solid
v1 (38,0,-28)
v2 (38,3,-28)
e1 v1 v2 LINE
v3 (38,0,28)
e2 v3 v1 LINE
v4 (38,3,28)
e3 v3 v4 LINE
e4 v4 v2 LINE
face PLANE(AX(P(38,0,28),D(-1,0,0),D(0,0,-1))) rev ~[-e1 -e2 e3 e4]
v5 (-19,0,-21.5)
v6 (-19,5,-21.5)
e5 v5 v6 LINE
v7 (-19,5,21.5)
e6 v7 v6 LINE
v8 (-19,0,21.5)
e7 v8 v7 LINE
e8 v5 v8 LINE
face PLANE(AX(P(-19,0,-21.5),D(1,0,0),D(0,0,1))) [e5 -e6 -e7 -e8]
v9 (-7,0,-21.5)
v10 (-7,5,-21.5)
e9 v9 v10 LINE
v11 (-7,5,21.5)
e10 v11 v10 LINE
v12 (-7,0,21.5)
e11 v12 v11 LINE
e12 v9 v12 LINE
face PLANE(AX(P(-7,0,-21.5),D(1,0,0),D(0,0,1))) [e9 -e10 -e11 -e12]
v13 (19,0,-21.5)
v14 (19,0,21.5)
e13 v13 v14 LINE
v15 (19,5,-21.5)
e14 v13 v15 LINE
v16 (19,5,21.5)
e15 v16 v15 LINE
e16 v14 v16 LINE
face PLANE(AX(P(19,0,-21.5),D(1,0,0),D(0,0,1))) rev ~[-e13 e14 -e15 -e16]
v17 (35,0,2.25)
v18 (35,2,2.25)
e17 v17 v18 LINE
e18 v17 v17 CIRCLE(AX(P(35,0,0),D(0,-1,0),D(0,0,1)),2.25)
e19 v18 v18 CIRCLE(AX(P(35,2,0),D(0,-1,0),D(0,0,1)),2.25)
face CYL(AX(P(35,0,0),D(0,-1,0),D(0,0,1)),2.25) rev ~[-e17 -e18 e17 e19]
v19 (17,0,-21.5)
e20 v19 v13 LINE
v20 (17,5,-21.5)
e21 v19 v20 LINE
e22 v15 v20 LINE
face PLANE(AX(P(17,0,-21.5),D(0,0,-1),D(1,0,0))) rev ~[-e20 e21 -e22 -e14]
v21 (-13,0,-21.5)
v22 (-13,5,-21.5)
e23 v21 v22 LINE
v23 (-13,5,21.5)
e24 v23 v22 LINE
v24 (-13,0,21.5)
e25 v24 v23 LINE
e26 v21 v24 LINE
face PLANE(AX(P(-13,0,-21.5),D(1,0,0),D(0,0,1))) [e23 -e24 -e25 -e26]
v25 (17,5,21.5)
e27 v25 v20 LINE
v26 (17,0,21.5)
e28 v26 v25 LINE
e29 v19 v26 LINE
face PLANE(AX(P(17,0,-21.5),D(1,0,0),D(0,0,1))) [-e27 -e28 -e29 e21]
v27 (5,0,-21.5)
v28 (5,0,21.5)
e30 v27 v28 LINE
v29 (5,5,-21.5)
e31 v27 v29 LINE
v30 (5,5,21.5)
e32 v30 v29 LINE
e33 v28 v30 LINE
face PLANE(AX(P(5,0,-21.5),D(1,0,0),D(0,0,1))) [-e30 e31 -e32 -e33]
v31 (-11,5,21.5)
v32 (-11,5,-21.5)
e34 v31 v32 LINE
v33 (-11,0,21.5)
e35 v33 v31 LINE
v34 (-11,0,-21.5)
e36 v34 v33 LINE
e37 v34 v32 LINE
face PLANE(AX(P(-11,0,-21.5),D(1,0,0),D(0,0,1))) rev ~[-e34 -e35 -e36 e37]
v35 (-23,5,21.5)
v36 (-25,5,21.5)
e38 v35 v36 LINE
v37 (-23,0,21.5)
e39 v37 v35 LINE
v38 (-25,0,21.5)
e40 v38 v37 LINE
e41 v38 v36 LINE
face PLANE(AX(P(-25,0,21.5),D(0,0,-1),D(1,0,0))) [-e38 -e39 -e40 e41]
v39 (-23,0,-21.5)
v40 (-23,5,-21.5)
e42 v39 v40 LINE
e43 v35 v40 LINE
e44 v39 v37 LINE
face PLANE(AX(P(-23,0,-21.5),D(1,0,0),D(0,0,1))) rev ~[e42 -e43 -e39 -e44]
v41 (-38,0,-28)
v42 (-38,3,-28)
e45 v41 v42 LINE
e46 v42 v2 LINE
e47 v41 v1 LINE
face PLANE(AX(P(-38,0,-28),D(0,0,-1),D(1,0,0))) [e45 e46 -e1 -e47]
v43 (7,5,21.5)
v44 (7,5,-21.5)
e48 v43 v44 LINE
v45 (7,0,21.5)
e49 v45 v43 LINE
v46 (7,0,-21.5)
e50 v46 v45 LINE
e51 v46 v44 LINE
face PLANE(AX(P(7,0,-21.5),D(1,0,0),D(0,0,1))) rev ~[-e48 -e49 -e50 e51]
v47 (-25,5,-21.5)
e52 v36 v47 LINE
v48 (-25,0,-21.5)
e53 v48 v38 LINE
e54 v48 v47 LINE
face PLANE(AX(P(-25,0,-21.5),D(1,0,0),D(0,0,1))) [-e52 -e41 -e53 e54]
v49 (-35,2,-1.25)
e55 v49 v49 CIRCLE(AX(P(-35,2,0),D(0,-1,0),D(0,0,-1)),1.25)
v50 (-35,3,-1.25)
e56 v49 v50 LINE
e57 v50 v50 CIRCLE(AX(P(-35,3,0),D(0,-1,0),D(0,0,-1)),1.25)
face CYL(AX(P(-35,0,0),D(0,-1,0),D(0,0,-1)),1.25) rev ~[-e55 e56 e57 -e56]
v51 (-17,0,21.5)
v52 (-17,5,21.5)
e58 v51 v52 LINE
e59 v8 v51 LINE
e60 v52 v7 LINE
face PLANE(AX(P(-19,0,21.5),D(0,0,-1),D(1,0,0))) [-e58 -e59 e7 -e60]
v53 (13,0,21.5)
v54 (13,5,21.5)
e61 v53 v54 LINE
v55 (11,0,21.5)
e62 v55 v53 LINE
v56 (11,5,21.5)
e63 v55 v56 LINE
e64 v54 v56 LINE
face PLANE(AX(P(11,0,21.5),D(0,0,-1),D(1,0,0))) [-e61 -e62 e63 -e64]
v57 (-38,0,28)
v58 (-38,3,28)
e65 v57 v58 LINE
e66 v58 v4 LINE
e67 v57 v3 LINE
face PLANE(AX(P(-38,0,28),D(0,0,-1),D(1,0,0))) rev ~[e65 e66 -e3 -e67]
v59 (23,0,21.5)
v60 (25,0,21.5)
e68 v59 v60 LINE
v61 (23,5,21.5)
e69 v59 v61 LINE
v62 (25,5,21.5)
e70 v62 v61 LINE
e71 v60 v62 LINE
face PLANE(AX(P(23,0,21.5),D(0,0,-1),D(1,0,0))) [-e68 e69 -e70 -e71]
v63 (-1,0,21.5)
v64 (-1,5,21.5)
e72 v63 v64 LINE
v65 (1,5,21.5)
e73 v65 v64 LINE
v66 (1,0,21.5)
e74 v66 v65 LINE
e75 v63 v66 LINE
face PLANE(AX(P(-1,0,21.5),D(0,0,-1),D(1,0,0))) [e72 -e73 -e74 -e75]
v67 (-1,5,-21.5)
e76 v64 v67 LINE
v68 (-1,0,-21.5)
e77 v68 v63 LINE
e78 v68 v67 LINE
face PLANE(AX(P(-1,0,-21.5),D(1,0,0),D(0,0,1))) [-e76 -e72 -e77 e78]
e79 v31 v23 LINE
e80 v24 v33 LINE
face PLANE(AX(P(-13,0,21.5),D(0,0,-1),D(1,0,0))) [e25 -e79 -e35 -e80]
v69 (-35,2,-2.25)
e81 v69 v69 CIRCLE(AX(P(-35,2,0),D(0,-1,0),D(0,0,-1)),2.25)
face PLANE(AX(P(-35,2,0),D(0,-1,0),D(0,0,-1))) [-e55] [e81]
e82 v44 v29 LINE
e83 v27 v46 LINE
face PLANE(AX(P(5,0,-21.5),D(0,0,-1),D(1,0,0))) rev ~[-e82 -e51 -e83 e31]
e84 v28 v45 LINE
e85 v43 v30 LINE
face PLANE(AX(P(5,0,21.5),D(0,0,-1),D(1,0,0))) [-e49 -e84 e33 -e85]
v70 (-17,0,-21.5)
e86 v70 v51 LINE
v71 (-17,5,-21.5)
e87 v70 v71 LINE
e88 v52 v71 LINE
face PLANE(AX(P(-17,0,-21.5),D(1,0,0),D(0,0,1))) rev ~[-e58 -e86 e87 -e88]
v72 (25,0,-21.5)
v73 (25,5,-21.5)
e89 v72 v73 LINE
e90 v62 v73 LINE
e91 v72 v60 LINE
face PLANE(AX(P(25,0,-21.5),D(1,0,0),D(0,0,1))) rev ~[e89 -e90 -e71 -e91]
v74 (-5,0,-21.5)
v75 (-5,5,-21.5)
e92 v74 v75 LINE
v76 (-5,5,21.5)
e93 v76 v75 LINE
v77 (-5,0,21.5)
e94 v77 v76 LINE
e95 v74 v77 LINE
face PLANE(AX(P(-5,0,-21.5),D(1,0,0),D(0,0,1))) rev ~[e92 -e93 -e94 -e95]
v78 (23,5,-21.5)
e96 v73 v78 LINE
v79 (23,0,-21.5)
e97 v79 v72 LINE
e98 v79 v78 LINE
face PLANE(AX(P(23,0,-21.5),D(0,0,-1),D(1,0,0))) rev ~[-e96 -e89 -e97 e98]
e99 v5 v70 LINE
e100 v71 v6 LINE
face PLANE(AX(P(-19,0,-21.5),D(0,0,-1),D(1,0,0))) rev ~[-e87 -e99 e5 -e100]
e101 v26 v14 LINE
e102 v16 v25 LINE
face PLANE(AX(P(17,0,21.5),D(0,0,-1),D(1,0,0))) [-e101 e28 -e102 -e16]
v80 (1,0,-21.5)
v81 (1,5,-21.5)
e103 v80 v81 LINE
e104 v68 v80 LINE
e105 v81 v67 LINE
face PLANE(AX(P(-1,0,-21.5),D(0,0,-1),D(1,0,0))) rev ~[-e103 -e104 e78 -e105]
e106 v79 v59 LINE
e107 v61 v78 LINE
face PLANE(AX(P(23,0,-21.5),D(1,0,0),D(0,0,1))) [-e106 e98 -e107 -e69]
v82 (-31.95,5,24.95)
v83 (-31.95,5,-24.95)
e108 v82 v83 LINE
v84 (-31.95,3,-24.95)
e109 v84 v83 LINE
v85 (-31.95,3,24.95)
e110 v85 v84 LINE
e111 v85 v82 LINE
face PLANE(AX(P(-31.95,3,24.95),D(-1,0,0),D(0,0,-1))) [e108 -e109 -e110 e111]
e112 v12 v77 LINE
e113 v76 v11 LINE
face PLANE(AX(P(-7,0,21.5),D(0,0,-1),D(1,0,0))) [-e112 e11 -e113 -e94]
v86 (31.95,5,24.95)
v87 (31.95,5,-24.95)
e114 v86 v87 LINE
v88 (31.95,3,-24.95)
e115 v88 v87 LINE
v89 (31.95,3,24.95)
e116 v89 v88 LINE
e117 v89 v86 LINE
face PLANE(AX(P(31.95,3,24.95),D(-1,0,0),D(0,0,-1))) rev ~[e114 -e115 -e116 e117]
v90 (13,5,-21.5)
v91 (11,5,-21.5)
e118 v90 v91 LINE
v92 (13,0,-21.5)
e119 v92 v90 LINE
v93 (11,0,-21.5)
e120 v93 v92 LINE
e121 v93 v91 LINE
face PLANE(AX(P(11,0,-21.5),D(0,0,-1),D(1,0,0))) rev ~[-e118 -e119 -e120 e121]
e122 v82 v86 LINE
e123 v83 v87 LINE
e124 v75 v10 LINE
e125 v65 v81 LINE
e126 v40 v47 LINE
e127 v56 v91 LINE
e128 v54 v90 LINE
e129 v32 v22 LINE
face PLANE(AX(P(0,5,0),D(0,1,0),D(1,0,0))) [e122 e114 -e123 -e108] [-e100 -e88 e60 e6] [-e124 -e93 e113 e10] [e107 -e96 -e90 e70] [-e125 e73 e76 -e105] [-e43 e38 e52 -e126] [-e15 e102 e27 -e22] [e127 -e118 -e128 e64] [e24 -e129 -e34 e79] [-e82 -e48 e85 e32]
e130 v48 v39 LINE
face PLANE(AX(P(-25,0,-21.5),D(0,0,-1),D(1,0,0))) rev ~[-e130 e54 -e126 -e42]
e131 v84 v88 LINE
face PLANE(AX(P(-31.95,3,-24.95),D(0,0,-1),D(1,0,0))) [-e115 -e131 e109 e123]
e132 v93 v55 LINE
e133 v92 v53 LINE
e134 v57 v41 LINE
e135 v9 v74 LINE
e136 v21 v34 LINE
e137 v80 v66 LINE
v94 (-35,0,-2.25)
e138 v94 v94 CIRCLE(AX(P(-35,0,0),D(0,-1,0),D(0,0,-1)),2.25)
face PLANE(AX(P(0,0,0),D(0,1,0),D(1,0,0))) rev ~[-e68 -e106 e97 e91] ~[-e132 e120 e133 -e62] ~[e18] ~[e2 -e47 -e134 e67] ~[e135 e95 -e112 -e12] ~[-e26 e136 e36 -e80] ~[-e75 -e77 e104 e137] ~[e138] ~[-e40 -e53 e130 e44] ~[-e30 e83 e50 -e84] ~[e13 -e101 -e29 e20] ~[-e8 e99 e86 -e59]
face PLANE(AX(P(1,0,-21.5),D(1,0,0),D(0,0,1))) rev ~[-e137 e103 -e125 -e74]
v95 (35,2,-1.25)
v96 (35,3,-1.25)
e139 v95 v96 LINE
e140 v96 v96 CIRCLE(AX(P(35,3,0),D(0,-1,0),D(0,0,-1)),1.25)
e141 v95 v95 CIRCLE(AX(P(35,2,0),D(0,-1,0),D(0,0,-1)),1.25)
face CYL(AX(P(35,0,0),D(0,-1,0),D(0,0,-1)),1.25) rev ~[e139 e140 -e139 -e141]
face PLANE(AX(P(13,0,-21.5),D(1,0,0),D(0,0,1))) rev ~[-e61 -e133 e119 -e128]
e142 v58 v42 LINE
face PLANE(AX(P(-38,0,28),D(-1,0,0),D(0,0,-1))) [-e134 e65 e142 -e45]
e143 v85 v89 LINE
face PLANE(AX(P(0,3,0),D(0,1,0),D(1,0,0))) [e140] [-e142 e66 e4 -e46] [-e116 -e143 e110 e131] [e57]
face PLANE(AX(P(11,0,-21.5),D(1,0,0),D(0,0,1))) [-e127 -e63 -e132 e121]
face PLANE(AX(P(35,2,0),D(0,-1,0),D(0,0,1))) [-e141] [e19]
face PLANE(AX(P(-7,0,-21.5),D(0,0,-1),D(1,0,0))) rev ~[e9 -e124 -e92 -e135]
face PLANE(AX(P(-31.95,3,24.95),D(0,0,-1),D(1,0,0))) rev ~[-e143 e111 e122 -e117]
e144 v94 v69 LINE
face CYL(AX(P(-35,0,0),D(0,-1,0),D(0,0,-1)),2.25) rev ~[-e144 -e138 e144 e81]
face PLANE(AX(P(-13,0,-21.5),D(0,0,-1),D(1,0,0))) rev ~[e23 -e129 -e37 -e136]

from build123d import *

# Parameters (mm, degrees)
SKETCH1_W           = 76
SKETCH1_H           = 56
BOSS_EXTRUDE1_DEPTH = 3
SKETCH2_W           = 63.9
SKETCH2_H           = 49.9
BOSS_EXTRUDE2_DEPTH = 2
SKETCH3_R           = 2.25
CUT_EXTRUDE1_DEPTH  = 2
CUT_EXTRUDE2_REACH  = 49.466
SKETCH4_R           = 1.25
SKETCH5_W           = 2
SKETCH5_H           = 43
CUT_EXTRUDE3_DEPTH  = 48.465777145


with BuildPart() as part:
    # Sketch1 → Boss-Extrude1 (new body)
    with BuildSketch(Plane(origin=(0, 0, 0), x_dir=(1, 0, 0), z_dir=(0, 1, 0))):
        Rectangle(SKETCH1_W, SKETCH1_H)
    extrude(amount=BOSS_EXTRUDE1_DEPTH)

    # Sketch2 → Boss-Extrude2 (add)
    with BuildSketch(Plane(origin=(0, 3, 0), x_dir=(1, 0, 0), z_dir=(0, 1, 0))):
        Rectangle(SKETCH2_W, SKETCH2_H)
    extrude(amount=BOSS_EXTRUDE2_DEPTH)

    # Sketch3 → Cut-Extrude1 (cut)
    with BuildSketch(Plane.XZ):
        with Locations(Location((-35, 0, 0), (0, 0, 270))):
            Circle(SKETCH3_R)
        with Locations(Location((35, 0, 0), (0, 0, 90))):
            Circle(SKETCH3_R)
    extrude(amount=-CUT_EXTRUDE1_DEPTH, mode=Mode.SUBTRACT)

    # Sketch4 → Cut-Extrude2 (cut, up to next)
    with BuildSketch(Plane.XZ, mode=Mode.PRIVATE) as cut_extrude2_sk1:
        with Locations(Location((-35, 0, 0), (0, 0, 270))):
            Circle(SKETCH4_R)
    cut_extrude2_tool1 = extrude(cut_extrude2_sk1.sketch, amount=-CUT_EXTRUDE2_REACH, mode=Mode.PRIVATE) & part.part
    # Sketch4 → Cut-Extrude2 (cut, up to next)
    with BuildSketch(Plane.XZ, mode=Mode.PRIVATE) as cut_extrude2_sk2:
        with Locations(Location((35, 0, 0), (0, 0, 270))):
            Circle(SKETCH4_R)
    cut_extrude2_tool2 = extrude(cut_extrude2_sk2.sketch, amount=-CUT_EXTRUDE2_REACH, mode=Mode.PRIVATE) & part.part
    add(cut_extrude2_tool1.solids().sort_by_distance((-35, 0, 0))[0], mode=Mode.SUBTRACT)
    add(cut_extrude2_tool2.solids().sort_by_distance((35, 0, 0))[0], mode=Mode.SUBTRACT)

    # Sketch5 → Cut-Extrude3 (cut, through all)
    with BuildSketch(Plane.XZ):
        with Locations((6, 0)):
            Rectangle(SKETCH5_W, SKETCH5_H)
        Rectangle(SKETCH5_W, SKETCH5_H)
        with Locations((12, 0)):
            Rectangle(SKETCH5_W, SKETCH5_H)
        with Locations((18, 0)):
            Rectangle(SKETCH5_W, SKETCH5_H)
        with Locations((24, 0)):
            Rectangle(SKETCH5_W, SKETCH5_H)
        with Locations((-6, 0)):
            Rectangle(SKETCH5_W, SKETCH5_H)
        with Locations((-12, 0)):
            Rectangle(SKETCH5_W, SKETCH5_H)
        with Locations((-18, 0)):
            Rectangle(SKETCH5_W, SKETCH5_H)
        with Locations((-24, 0)):
            Rectangle(SKETCH5_W, SKETCH5_H)
    extrude(amount=-CUT_EXTRUDE3_DEPTH, mode=Mode.SUBTRACT)


solid = part.part
